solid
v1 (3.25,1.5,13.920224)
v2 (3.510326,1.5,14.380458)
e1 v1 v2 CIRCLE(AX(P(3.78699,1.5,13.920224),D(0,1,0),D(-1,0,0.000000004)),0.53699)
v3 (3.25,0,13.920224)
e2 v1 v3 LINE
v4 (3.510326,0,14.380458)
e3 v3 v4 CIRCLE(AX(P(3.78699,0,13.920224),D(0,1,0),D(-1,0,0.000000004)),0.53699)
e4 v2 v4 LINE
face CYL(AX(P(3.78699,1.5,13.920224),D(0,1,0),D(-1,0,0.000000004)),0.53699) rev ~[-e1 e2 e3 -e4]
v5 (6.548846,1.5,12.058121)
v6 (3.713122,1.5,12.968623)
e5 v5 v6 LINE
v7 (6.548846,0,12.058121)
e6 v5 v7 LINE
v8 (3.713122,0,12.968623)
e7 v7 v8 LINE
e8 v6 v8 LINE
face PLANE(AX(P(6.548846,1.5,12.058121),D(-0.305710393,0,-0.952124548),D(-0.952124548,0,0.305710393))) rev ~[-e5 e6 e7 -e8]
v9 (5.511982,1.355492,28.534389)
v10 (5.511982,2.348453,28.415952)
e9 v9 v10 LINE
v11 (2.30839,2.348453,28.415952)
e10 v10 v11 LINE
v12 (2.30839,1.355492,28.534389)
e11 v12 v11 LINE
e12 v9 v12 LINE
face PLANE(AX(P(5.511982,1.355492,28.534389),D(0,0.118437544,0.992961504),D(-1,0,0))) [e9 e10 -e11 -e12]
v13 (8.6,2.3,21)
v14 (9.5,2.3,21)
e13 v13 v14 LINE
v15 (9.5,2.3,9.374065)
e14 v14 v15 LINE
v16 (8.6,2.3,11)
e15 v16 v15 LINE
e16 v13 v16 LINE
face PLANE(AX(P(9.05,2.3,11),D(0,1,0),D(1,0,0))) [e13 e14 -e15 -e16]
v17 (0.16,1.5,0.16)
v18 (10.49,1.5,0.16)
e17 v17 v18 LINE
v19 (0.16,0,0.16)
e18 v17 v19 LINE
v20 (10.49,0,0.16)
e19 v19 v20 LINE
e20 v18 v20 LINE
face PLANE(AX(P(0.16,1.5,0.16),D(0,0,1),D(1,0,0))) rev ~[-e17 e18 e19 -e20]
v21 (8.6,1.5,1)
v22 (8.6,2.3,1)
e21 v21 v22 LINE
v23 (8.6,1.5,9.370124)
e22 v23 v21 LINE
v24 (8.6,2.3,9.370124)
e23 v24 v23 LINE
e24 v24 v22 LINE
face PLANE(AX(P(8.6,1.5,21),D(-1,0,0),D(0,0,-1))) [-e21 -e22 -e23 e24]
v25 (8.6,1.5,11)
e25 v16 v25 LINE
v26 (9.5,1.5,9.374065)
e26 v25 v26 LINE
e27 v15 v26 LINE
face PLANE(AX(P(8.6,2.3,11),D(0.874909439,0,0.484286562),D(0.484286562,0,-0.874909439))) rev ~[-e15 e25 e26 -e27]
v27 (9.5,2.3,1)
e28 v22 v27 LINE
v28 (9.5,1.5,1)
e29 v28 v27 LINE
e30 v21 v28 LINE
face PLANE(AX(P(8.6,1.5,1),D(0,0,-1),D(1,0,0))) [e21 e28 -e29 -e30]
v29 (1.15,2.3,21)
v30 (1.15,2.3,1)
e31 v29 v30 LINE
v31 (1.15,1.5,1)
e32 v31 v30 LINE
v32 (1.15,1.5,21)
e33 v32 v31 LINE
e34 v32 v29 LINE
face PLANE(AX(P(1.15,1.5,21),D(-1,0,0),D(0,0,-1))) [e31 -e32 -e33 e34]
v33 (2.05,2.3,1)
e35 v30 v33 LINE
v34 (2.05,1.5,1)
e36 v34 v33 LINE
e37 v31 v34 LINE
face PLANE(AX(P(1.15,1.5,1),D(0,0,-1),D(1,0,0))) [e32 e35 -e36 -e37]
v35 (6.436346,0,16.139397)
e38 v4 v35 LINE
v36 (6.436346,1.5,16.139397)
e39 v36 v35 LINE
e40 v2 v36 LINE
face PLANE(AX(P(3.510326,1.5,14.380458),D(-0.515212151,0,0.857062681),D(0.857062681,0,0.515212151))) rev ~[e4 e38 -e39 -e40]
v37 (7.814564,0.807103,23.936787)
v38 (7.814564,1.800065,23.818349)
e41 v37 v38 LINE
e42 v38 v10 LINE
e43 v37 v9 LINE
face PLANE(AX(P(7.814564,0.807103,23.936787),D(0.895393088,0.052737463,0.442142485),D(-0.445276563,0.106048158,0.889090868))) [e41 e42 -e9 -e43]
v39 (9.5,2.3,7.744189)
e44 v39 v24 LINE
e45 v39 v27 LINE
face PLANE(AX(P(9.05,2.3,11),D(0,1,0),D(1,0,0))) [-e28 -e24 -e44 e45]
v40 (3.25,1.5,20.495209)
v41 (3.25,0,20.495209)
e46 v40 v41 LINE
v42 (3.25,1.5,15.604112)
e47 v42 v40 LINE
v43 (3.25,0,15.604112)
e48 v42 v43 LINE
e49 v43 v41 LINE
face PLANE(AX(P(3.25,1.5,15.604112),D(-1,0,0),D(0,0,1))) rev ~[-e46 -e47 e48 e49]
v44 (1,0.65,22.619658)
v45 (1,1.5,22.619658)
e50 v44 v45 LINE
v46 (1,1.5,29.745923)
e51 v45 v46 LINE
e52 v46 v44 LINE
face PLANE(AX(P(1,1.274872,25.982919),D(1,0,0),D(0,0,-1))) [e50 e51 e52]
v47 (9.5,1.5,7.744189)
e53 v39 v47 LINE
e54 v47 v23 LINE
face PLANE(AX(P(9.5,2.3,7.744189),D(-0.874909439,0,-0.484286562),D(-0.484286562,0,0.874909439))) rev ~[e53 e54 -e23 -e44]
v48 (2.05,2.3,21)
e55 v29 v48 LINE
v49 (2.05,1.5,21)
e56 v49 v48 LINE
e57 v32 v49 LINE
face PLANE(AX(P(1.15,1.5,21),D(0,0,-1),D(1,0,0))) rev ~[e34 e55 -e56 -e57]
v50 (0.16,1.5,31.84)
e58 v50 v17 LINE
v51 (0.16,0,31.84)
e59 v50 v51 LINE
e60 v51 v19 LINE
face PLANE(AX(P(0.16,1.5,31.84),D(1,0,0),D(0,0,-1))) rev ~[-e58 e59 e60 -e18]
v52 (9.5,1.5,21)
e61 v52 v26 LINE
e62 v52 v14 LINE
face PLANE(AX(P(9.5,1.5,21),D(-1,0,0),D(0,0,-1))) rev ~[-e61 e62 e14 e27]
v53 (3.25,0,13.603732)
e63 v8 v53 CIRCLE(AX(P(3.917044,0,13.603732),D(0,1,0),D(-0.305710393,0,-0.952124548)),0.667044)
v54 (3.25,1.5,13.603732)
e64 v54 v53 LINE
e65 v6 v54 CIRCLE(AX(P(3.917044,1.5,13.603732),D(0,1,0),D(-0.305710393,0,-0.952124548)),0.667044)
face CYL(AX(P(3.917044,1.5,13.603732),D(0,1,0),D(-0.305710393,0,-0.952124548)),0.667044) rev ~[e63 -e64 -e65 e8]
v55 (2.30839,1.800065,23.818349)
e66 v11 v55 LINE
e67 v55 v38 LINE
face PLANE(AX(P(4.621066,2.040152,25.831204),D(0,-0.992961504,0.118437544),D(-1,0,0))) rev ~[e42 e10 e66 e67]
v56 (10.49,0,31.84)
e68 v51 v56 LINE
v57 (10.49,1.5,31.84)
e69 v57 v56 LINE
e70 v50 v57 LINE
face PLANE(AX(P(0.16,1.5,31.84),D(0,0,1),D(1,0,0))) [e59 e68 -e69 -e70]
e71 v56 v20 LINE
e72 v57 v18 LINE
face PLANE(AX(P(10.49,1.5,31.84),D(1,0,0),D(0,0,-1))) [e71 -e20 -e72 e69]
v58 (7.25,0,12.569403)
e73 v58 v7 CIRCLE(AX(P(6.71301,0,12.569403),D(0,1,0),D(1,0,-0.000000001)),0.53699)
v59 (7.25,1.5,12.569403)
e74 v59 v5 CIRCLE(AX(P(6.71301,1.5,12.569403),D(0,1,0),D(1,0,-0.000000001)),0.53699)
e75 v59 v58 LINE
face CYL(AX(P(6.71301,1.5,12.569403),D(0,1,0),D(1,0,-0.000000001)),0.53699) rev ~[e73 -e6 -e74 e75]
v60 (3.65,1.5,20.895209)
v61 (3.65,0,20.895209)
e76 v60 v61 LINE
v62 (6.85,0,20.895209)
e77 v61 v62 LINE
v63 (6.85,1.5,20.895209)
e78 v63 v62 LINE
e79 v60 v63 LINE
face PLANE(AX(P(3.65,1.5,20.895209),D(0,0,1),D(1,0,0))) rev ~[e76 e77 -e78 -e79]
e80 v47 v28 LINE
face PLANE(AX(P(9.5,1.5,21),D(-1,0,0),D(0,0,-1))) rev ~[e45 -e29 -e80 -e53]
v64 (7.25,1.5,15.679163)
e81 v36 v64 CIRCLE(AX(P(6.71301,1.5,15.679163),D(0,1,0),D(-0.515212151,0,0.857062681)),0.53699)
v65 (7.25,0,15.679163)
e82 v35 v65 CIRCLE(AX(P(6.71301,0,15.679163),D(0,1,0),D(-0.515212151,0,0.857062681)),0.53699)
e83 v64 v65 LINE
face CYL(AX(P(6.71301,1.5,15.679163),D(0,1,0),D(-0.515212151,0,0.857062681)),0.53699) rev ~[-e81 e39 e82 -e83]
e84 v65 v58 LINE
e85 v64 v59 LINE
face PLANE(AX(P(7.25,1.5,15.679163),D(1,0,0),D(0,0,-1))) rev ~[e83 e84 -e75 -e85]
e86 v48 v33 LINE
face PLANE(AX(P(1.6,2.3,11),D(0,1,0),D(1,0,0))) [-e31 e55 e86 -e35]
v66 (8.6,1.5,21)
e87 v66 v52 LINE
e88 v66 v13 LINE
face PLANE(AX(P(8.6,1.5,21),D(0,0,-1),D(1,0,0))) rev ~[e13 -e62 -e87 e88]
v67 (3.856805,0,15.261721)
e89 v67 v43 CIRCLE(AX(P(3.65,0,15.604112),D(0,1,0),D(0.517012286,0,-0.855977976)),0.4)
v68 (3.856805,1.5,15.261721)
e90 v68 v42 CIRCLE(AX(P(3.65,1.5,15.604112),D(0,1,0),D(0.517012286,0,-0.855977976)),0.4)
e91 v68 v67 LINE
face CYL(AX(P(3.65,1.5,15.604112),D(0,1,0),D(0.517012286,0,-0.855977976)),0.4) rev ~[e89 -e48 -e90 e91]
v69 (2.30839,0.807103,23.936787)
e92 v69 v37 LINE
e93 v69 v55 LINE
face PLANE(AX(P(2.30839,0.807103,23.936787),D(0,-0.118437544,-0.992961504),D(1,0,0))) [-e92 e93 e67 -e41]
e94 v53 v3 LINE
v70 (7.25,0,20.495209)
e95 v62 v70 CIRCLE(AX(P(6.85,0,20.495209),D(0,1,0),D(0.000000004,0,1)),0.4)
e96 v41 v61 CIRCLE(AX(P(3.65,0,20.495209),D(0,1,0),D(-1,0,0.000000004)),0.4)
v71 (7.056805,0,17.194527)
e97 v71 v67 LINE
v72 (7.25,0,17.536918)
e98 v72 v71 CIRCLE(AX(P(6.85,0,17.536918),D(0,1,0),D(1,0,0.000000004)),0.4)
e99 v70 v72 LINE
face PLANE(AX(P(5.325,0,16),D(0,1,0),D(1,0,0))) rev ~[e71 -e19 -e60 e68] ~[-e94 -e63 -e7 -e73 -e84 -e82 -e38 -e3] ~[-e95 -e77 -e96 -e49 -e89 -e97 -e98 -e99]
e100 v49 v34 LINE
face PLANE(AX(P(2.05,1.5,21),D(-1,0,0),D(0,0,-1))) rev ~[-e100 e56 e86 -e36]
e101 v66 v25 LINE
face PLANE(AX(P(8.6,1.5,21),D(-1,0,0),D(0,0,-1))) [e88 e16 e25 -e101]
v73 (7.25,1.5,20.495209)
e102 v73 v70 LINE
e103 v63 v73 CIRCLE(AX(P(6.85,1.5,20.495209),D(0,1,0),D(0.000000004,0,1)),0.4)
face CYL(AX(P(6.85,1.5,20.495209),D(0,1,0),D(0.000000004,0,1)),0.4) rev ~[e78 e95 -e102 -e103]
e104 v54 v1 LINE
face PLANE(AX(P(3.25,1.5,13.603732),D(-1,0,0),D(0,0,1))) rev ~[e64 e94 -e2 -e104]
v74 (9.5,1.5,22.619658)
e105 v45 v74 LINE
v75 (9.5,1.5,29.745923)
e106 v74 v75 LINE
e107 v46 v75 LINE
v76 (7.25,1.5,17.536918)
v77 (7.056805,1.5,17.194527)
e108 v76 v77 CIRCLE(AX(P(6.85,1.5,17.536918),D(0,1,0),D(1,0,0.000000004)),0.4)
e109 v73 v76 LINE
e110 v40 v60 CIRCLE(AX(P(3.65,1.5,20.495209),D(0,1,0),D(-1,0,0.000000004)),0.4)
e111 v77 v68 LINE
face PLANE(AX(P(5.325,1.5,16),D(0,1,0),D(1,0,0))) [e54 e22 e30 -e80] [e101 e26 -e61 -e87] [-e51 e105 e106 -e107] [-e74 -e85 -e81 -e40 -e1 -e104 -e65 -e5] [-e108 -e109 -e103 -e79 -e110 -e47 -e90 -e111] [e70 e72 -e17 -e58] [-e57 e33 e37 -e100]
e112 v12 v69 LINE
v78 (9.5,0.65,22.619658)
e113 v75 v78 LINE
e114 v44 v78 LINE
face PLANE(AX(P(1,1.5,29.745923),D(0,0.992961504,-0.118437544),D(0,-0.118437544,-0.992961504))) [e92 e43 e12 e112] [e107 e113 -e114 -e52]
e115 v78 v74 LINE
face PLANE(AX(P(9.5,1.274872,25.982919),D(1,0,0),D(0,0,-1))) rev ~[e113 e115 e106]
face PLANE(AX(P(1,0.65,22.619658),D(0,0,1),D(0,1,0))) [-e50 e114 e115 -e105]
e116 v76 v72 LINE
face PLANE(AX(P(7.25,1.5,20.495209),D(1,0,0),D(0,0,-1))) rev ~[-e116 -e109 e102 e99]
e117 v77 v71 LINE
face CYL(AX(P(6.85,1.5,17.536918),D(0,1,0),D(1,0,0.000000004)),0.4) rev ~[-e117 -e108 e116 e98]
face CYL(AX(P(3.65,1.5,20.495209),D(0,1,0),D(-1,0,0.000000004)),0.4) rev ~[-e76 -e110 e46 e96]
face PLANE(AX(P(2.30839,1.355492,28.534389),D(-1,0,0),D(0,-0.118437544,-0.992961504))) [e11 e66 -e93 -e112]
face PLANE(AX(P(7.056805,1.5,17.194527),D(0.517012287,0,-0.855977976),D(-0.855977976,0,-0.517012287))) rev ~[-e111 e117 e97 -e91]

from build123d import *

# Parameters (mm, degrees)
SKETCH_1_W          = 10.65
SKETCH_1_H          = 32
EXTRUDE_1_DEPTH     = 1.5
CUT_EXTRUDE_START   = -1
CUT_EXTRUDE_1_DEPTH = 8.5
SKETCH_4_W          = 0.9
SKETCH_4_H          = 20
EXTRUDE_2_DEPTH     = 0.8
CUT_EXTRUDE_2_DEPTH = 5.8
CUT_EXTRUDE_3_DEPTH = 0.8
EXTRUDE_3_DEPTH     = 1
SKETCH_8_W          = 10.65
SKETCH_8_H          = 32
SKETCH_8_W_2        = 10.33
SKETCH_8_H_2        = 31.68
CUT_EXTRUDE_4_DEPTH = 10


with BuildPart() as part:
    # 草图1 → 凸台-拉伸1 (new body)
    with BuildSketch(Plane(origin=(0, 0, 0), x_dir=(1, 0, 0), z_dir=(0, 1, 0))):
        with Locations((5.325, -16)):
            Rectangle(SKETCH_1_W, SKETCH_1_H)
    extrude(amount=EXTRUDE_1_DEPTH)

    # 草图3 → 切除-拉伸1 (cut)
    with BuildSketch(Plane.ZY.offset(CUT_EXTRUDE_START)):
        Polygon((22.619658117, 1.5), (29.745922722, 1.5), (22.619658117, 0.65), align=None)
    extrude(amount=-CUT_EXTRUDE_1_DEPTH, mode=Mode.SUBTRACT)

    # 草图4 → 凸台-拉伸2 (add)
    with BuildSketch(Plane(origin=(0, 1.5, 0), x_dir=(1, 0, 0), z_dir=(0, 1, 0))):
        with Locations((1.6, -11)):
            Rectangle(SKETCH_4_W, SKETCH_4_H)
        with Locations((9.05, -11)):
            Rectangle(SKETCH_4_W, SKETCH_4_H)
    extrude(amount=EXTRUDE_2_DEPTH)

    # 草图5 → 切除-拉伸2 (cut)
    with BuildSketch(Plane(origin=(0, 1.5, 0), x_dir=(1, 0, 0), z_dir=(0, 1, 0))):
        with BuildLine():
            Line((3.25, -15.60411185), (3.25, -20.495209364))
            ThreePointArc((3.25, -20.495209364), (3.367157288, -20.778052076), (3.65, -20.895209364))
            Line((3.65, -20.895209364), (6.85, -20.895209364))
            ThreePointArc((6.85, -20.895209364), (7.132842712, -20.778052076), (7.25, -20.495209364))
            Line((7.25, -20.495209364), (7.25, -17.536917794))
            ThreePointArc((7.25, -17.536917794), (7.198369033, -17.340349696), (7.056804915, -17.194526604))
            Line((7.056804915, -17.194526604), (3.856804915, -15.261720659))
            ThreePointArc((3.856804915, -15.261720659), (3.453431902, -15.255742817), (3.25, -15.60411185))
        make_face()
        with BuildLine():
            Line((3.510326299, -14.380458294), (6.436346003, -16.139397213))
            ThreePointArc((6.436346003, -16.139397213), (6.977388991, -16.14656228), (7.25, -15.679162997))
            Line((7.25, -15.679162997), (7.25, -12.569402982))
            ThreePointArc((7.25, -12.569402982), (7.029399053, -12.135517868), (6.548846383, -12.05812148))
            Line((6.548846383, -12.05812148), (3.713121915, -12.968622573))
            ThreePointArc((3.713121915, -12.968622573), (3.378076137, -13.210716019), (3.25, -13.603731812))
            Line((3.25, -13.603731812), (3.25, -13.920224078))
            ThreePointArc((3.25, -13.920224078), (3.319590865, -14.184603216), (3.510326299, -14.380458294))
        make_face()
    extrude(amount=-CUT_EXTRUDE_2_DEPTH, mode=Mode.SUBTRACT)

    # 草图6 → 切除-拉伸3 (cut)
    with BuildSketch(Plane(origin=(0, 2.3, 0), x_dir=(1, 0, 0), z_dir=(0, 1, 0))):
        Polygon((9.5, -7.744189198), (8.6, -9.370124246), (8.6, -11), (9.5, -9.374064951), align=None)
    extrude(amount=-CUT_EXTRUDE_3_DEPTH, mode=Mode.SUBTRACT)

    # 草图7 → 凸台-拉伸3 (add)
    with BuildSketch(Plane(origin=(0, -2.01927835, 0.240853616), x_dir=(1, 0, 0), z_dir=(0, 0.9929615038625476, -0.11843754407715576))):
        Polygon((2.308389857, -23.863899052), (7.814564381, -23.863899052), (5.511982308, -28.494091265), (2.308389857, -28.494091265), align=None)
    extrude(amount=EXTRUDE_3_DEPTH)

    # 草图8 → 切除-拉伸4 (cut)
    with BuildSketch(Plane(origin=(0, 1.5, 0), x_dir=(1, 0, 0), z_dir=(0, 1, 0))):
        with Locations((5.325, -16)):
            Rectangle(SKETCH_8_W, SKETCH_8_H)
        with Locations((5.325, -16)):
            Rectangle(SKETCH_8_W_2, SKETCH_8_H_2, mode=Mode.SUBTRACT)
    extrude(amount=-CUT_EXTRUDE_4_DEPTH, mode=Mode.SUBTRACT)


solid = part.part
